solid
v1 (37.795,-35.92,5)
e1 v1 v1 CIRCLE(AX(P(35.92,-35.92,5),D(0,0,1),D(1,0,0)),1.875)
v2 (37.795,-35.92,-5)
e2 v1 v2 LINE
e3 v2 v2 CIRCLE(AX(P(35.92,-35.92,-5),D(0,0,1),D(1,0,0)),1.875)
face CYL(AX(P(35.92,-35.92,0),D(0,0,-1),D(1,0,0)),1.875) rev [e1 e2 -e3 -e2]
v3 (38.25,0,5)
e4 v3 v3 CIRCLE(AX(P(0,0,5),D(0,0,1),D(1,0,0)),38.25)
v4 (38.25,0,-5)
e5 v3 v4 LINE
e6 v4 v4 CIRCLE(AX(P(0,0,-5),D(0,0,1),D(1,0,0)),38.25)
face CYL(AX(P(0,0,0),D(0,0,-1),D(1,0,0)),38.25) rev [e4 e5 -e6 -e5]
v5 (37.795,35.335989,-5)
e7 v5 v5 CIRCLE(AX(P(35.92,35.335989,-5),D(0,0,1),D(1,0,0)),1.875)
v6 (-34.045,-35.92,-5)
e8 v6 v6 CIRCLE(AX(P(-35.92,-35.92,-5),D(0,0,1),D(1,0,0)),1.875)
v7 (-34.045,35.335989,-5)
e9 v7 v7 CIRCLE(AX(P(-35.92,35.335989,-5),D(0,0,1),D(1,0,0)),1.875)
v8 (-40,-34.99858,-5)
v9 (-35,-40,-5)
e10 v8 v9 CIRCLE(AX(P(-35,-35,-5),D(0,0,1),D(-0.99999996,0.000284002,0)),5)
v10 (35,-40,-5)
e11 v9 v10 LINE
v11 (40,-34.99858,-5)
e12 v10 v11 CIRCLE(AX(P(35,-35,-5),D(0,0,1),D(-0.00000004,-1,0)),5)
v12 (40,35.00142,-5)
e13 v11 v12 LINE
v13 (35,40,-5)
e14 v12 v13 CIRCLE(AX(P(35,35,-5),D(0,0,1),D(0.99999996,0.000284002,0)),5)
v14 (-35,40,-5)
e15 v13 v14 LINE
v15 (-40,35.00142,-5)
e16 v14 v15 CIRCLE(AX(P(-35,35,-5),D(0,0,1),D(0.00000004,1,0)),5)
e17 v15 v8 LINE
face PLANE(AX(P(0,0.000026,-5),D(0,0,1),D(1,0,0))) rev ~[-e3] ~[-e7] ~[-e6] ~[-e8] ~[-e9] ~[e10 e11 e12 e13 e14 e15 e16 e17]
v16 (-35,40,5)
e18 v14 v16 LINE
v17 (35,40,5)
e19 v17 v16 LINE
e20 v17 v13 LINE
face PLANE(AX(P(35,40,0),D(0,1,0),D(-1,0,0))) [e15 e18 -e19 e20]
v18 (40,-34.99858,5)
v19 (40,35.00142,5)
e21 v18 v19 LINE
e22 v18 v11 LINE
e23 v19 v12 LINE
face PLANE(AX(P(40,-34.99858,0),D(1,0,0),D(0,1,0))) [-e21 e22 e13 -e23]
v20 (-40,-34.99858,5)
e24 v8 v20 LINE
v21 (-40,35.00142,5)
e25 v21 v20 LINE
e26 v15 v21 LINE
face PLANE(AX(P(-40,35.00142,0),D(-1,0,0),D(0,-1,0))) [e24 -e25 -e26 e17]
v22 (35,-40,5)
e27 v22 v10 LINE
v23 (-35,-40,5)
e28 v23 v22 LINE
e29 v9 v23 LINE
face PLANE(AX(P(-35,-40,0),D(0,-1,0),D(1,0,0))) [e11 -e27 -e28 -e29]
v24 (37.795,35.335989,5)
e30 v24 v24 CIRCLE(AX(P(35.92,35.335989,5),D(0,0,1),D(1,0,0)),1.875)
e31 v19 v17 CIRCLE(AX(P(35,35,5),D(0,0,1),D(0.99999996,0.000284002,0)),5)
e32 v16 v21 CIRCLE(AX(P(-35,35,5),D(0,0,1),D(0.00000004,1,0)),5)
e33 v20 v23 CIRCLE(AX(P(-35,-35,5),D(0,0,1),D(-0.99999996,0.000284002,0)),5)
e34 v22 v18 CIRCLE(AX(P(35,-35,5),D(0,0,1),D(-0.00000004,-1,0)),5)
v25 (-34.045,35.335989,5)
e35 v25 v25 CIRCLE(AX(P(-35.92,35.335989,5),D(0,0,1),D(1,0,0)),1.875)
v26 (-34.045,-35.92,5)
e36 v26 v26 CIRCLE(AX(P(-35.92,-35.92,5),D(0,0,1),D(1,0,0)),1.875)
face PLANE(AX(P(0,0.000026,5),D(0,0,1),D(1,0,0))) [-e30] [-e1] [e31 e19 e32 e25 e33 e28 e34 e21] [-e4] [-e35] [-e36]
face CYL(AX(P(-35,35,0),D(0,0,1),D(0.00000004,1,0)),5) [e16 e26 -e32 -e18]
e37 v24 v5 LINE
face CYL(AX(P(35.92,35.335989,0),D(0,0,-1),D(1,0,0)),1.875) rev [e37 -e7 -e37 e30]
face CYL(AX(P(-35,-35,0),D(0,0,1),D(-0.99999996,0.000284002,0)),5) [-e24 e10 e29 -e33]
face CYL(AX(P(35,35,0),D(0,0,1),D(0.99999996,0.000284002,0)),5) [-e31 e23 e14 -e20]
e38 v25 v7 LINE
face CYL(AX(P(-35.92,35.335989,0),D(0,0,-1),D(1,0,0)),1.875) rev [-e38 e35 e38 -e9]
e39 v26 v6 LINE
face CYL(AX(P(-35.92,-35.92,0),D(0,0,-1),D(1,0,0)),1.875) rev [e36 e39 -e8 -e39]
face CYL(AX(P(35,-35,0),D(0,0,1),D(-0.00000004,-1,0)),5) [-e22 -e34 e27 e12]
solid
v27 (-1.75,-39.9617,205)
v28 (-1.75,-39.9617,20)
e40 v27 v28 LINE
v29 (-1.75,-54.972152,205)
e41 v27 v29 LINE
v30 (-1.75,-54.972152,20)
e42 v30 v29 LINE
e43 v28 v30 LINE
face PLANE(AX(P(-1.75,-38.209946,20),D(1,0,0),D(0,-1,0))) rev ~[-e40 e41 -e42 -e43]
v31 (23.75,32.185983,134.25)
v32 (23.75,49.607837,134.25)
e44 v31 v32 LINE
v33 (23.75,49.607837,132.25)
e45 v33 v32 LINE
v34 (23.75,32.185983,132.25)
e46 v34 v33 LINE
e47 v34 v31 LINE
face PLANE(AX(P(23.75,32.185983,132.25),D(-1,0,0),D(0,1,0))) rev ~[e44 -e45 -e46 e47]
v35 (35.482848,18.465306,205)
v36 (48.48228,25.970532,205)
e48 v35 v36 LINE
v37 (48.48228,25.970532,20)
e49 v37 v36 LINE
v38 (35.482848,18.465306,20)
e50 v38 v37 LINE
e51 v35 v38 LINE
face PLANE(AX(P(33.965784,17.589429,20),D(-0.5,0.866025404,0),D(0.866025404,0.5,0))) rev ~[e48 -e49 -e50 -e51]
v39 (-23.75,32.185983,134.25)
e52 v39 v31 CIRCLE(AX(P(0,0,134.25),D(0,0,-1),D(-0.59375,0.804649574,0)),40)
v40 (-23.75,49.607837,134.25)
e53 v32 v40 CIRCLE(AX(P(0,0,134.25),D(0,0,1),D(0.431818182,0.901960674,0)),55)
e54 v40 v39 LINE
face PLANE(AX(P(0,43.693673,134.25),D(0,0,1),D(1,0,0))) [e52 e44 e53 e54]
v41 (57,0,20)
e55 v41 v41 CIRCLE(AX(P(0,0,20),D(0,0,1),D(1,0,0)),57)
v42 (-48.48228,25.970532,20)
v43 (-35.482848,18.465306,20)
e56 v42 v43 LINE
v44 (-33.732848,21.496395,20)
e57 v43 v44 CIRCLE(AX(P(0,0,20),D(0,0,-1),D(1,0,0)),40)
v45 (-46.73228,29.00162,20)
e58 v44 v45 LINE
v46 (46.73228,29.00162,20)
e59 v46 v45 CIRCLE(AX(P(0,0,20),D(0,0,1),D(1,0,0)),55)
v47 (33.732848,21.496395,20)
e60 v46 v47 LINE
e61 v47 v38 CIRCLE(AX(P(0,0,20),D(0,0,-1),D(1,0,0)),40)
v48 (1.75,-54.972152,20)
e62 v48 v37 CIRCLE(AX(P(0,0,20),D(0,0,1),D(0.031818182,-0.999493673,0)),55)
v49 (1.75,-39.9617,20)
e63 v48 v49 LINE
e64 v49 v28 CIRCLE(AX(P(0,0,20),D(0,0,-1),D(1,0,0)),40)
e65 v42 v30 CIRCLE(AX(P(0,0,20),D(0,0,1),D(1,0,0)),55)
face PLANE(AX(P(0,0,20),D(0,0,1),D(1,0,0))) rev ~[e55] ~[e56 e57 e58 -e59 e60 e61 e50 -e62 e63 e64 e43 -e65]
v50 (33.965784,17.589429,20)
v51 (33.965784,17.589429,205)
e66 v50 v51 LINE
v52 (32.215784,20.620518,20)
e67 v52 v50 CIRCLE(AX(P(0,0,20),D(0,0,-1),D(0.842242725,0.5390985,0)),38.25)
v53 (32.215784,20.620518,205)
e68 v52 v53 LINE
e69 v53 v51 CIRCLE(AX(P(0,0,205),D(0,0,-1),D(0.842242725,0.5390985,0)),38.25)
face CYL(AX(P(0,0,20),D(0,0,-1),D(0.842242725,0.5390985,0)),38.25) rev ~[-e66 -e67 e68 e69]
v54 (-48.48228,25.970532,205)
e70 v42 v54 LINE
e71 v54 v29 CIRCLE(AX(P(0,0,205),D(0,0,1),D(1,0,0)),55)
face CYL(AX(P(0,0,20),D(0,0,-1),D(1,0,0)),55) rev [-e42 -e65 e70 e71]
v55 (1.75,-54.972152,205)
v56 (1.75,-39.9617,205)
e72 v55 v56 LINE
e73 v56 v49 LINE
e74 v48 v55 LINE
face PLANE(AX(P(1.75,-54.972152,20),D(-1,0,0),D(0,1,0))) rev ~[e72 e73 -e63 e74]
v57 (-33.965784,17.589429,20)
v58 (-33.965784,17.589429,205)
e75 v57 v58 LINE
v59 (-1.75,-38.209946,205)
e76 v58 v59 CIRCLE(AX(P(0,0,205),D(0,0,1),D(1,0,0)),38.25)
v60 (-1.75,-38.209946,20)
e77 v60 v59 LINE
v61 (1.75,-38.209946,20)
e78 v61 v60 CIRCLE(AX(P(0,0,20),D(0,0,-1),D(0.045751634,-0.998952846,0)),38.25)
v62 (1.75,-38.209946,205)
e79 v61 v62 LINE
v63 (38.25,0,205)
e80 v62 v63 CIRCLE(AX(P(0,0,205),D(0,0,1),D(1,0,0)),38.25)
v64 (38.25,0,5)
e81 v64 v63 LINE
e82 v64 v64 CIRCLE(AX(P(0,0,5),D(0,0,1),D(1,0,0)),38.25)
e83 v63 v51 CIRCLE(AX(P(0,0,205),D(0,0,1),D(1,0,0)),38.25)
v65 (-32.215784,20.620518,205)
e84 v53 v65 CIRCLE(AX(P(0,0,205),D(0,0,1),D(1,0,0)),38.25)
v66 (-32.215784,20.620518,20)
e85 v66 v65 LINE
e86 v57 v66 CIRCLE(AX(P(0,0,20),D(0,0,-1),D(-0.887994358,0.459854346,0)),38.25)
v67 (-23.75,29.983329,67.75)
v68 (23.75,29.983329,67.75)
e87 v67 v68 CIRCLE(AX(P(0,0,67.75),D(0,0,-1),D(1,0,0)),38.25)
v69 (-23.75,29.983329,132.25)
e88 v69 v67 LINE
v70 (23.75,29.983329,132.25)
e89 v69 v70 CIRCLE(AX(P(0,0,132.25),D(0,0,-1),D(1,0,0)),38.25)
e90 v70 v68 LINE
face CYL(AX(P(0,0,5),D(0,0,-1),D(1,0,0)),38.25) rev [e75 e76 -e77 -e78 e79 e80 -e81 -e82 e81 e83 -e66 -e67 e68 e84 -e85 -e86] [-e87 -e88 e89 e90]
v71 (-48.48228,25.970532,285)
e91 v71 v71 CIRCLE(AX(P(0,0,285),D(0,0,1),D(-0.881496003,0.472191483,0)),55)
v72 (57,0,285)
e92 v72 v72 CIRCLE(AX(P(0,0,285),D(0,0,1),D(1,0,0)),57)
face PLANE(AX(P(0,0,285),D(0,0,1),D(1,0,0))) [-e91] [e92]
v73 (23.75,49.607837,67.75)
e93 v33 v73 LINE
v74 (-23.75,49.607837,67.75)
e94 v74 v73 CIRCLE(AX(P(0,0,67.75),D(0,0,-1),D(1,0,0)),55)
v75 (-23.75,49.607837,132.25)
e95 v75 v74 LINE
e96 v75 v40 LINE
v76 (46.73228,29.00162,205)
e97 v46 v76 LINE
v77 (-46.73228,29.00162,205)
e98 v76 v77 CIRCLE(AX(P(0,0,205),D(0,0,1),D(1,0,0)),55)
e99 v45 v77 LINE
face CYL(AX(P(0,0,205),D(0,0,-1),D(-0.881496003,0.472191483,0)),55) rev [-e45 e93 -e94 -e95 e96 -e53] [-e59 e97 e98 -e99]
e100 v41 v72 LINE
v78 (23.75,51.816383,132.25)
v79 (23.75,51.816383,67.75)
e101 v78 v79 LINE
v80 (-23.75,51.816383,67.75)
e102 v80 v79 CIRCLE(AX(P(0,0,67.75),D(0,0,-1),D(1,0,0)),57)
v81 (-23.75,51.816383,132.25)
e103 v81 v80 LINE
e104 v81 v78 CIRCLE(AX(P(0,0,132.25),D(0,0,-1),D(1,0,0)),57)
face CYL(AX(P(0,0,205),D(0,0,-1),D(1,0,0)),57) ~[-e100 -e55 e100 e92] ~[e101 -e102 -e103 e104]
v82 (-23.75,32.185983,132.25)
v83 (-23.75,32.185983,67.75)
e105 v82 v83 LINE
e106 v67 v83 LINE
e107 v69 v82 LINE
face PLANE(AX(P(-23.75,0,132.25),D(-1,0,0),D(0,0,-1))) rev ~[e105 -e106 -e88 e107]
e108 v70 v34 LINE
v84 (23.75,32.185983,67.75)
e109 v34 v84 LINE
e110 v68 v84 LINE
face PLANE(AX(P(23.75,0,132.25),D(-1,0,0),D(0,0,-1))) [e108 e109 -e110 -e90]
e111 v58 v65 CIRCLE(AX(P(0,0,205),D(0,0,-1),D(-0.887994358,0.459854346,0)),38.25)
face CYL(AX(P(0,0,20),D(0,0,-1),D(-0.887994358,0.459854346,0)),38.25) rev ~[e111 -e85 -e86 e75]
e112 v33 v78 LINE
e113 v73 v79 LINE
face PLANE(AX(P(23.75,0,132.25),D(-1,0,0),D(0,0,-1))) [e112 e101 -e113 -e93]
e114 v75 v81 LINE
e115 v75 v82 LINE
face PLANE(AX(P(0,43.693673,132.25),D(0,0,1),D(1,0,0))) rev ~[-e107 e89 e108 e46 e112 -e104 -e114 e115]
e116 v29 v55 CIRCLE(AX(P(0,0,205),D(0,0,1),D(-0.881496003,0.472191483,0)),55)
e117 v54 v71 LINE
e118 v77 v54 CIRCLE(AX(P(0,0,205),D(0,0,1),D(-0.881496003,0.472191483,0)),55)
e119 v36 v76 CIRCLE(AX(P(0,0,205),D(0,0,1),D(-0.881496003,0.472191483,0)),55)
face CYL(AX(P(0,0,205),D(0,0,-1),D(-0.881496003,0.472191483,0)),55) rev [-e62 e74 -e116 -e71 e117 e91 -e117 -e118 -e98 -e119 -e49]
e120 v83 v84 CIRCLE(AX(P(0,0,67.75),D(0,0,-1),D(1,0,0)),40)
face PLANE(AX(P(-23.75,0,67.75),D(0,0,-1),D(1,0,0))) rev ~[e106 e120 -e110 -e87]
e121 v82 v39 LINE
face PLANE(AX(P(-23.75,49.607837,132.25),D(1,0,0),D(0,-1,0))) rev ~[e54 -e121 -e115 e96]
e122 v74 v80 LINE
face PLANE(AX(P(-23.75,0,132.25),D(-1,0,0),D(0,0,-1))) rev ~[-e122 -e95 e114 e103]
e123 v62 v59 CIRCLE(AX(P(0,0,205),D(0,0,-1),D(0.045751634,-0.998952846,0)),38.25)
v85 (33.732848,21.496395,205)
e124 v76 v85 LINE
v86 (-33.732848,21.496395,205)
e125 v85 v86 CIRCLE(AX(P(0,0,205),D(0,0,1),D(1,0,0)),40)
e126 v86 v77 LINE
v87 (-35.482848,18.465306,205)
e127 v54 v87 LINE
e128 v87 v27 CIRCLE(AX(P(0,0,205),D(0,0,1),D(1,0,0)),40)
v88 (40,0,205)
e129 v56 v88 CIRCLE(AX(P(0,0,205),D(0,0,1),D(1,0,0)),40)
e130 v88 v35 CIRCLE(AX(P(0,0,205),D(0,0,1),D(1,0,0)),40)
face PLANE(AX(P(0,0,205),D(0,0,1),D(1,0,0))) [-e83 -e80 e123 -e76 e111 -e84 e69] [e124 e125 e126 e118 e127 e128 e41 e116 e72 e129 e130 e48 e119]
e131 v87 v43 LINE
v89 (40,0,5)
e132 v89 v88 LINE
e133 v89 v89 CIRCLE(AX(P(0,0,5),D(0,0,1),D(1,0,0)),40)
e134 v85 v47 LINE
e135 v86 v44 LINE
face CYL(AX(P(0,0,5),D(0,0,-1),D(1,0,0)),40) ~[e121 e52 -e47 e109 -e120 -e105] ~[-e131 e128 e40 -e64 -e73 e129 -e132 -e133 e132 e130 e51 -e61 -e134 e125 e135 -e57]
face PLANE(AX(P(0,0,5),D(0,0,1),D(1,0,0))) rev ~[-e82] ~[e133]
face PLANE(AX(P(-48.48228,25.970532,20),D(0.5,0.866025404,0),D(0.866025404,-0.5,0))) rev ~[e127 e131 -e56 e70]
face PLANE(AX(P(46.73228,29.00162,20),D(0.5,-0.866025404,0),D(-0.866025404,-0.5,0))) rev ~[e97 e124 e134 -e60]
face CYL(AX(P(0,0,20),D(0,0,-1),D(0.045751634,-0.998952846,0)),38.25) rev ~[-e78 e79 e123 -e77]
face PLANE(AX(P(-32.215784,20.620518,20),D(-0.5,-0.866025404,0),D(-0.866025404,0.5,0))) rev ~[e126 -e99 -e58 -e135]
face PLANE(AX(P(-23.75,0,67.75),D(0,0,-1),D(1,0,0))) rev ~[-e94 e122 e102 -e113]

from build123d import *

# Parameters (mm, degrees)
SKETCH1_R           = 1.875000007
SKETCH1_R_2         = 1.875000005
SKETCH1_R_3         = 1.874999993
SKETCH1_R_4         = 1.874999991
SKETCH1_R_5         = 38.25
BOSS_EXTRUDE1_DEPTH = 5
SKETCH2_R           = 40
SKETCH2_R_2         = 38.25
BOSS_EXTRUDE2_DEPTH = 200
SKETCH3_R           = 57
SKETCH3_R_2         = 55
BOSS_EXTRUDE3_DEPTH = 185
SKETCH4_W           = 47.5
SKETCH4_H           = 64.5
CUT_EXTRUDE1_DEPTH  = 221.279368076
BOSS_EXTRUDE4_DEPTH = 2
SKETCH6_R           = 57
SKETCH6_R_2         = 55
BOSS_EXTRUDE5_DEPTH = 80


with BuildPart() as part:
    # Sketch1 → Boss-Extrude1 (new, symmetric)
    with BuildSketch(Plane.XY):
        with BuildLine():
            Line((35, 40), (-35, 40))
            ThreePointArc((-35, 40), (-38.535031951, 38.536035991), (-40, 35.001420011))
            Line((-40, 35.001420011), (-40, -34.998579989))
            ThreePointArc((-40, -34.998579989), (-38.53603605, -38.535031892), (-35, -40))
            Line((-35, -40), (35, -40))
            ThreePointArc((35, -40), (38.53603605, -38.535031892), (40, -34.998579989))
            Line((40, -34.998579989), (40, 35.001420011))
            ThreePointArc((40, 35.001420011), (38.535031951, 38.536035991), (35, 40))
        make_face()
        with Locations((-35.920000129, 35.335989014)):
            Circle(SKETCH1_R, mode=Mode.SUBTRACT)
        with Locations((-35.920000129, -35.919999922)):
            Circle(SKETCH1_R_2, mode=Mode.SUBTRACT)
        with Locations((35.920000129, 35.335989014)):
            Circle(SKETCH1_R_3, mode=Mode.SUBTRACT)
        with Locations((35.920000129, -35.919999922)):
            Circle(SKETCH1_R_4, mode=Mode.SUBTRACT)
        Circle(SKETCH1_R_5, mode=Mode.SUBTRACT)
    extrude(amount=BOSS_EXTRUDE1_DEPTH, both=True)


with BuildPart() as body_2:
    # Sketch2 → Boss-Extrude2 (new body)
    with BuildSketch(Plane.XY.offset(5)):
        Circle(SKETCH2_R)
        Circle(SKETCH2_R_2, mode=Mode.SUBTRACT)
    extrude(amount=BOSS_EXTRUDE2_DEPTH)


with BuildPart() as body_3:
    # Sketch3 → Boss-Extrude3 (new, through all)
    # profile 1 of 4: a face of its own
    with BuildSketch(Plane.XY.offset(20)):
        Circle(SKETCH3_R)
        Circle(SKETCH3_R_2, mode=Mode.SUBTRACT)
    # profile 2 of 4: a face of its own
    with BuildSketch(Plane.XY.offset(20)):
        with BuildLine():
            ThreePointArc((1.75, -38.209946349), (0, -38.25), (-1.75, -38.209946349))
            Line((-1.75, -38.209946349), (-1.75, -54.972152041))
            ThreePointArc((-1.75, -54.972152041), (0, -55), (1.75, -54.972152041))
            Line((1.75, -54.972152041), (1.75, -38.209946349))
        make_face()
    # profile 3 of 4: a face of its own
    with BuildSketch(Plane.XY.offset(20)):
        with BuildLine():
            Line((-48.482280168, 25.970531564), (-33.965784216, 17.589428718))
            ThreePointArc((-33.965784216, 17.589428718), (-33.125471695, 19.125), (-32.215784216, 20.620517631))
            Line((-32.215784216, 20.620517631), (-46.732280168, 29.001620477))
            ThreePointArc((-46.732280168, 29.001620477), (-47.631397208, 27.5), (-48.482280168, 25.970531564))
        make_face()
    # profile 4 of 4: a face of its own
    with BuildSketch(Plane.XY.offset(20)):
        with BuildLine():
            Line((46.732280168, 29.001620477), (32.215784216, 20.620517631))
            ThreePointArc((32.215784216, 20.620517631), (33.125471695, 19.125), (33.965784216, 17.589428718))
            Line((33.965784216, 17.589428718), (48.482280168, 25.970531564))
            ThreePointArc((48.482280168, 25.970531564), (47.631397208, 27.5), (46.732280168, 29.001620477))
        make_face()
    extrude(amount=BOSS_EXTRUDE3_DEPTH)


with BuildPart() as cut_extrude1_tool:
    # Sketch4 → Cut-Extrude1 (new, through all)
    with BuildSketch(Plane(origin=(0, 0, 0), x_dir=(1, 0, 0), z_dir=(0, 1, 0))):
        with Locations((0, -100)):
            Rectangle(SKETCH4_W, SKETCH4_H)
    extrude(amount=CUT_EXTRUDE1_DEPTH)


with BuildPart() as body_2_1:
    add(body_2.part)

    # Cut-Extrude1: cut by cut_extrude1_tool
    add(cut_extrude1_tool.part, mode=Mode.SUBTRACT)



with BuildPart() as body_3_1:
    add(body_3.part)

    # Cut-Extrude1: cut by cut_extrude1_tool
    add(cut_extrude1_tool.part, mode=Mode.SUBTRACT)


with BuildPart() as body_2_2:
    add(body_2_1.part)

    add(body_3_1.part)  # Boss-Extrude4 merges body 3
    # Sketch5 → Boss-Extrude4 (add)
    with BuildSketch(Plane(origin=(0, 0, 132.25), x_dir=(-1, 0, 0), z_dir=(0, 0, -1))):
        with BuildLine():
            Line((23.75, 49.607837082), (23.75, 32.185982974))
            ThreePointArc((23.75, 32.185982974), (0, 40), (-23.75, 32.185982974))
            Line((-23.75, 32.185982974), (-23.75, 49.607837082))
            ThreePointArc((-23.75, 49.607837082), (0, 55), (23.75, 49.607837082))
        make_face()
    extrude(amount=-BOSS_EXTRUDE4_DEPTH)

    # Sketch6 → Boss-Extrude5 (add)
    with BuildSketch(Plane.XY.offset(205)):
        Circle(SKETCH6_R)
        with Locations(Location((0, 0, 0), (0, 0, 151.823355278))):
            Circle(SKETCH6_R_2, mode=Mode.SUBTRACT)
    extrude(amount=BOSS_EXTRUDE5_DEPTH)


solid = Compound([part.part, body_2_2.part])
